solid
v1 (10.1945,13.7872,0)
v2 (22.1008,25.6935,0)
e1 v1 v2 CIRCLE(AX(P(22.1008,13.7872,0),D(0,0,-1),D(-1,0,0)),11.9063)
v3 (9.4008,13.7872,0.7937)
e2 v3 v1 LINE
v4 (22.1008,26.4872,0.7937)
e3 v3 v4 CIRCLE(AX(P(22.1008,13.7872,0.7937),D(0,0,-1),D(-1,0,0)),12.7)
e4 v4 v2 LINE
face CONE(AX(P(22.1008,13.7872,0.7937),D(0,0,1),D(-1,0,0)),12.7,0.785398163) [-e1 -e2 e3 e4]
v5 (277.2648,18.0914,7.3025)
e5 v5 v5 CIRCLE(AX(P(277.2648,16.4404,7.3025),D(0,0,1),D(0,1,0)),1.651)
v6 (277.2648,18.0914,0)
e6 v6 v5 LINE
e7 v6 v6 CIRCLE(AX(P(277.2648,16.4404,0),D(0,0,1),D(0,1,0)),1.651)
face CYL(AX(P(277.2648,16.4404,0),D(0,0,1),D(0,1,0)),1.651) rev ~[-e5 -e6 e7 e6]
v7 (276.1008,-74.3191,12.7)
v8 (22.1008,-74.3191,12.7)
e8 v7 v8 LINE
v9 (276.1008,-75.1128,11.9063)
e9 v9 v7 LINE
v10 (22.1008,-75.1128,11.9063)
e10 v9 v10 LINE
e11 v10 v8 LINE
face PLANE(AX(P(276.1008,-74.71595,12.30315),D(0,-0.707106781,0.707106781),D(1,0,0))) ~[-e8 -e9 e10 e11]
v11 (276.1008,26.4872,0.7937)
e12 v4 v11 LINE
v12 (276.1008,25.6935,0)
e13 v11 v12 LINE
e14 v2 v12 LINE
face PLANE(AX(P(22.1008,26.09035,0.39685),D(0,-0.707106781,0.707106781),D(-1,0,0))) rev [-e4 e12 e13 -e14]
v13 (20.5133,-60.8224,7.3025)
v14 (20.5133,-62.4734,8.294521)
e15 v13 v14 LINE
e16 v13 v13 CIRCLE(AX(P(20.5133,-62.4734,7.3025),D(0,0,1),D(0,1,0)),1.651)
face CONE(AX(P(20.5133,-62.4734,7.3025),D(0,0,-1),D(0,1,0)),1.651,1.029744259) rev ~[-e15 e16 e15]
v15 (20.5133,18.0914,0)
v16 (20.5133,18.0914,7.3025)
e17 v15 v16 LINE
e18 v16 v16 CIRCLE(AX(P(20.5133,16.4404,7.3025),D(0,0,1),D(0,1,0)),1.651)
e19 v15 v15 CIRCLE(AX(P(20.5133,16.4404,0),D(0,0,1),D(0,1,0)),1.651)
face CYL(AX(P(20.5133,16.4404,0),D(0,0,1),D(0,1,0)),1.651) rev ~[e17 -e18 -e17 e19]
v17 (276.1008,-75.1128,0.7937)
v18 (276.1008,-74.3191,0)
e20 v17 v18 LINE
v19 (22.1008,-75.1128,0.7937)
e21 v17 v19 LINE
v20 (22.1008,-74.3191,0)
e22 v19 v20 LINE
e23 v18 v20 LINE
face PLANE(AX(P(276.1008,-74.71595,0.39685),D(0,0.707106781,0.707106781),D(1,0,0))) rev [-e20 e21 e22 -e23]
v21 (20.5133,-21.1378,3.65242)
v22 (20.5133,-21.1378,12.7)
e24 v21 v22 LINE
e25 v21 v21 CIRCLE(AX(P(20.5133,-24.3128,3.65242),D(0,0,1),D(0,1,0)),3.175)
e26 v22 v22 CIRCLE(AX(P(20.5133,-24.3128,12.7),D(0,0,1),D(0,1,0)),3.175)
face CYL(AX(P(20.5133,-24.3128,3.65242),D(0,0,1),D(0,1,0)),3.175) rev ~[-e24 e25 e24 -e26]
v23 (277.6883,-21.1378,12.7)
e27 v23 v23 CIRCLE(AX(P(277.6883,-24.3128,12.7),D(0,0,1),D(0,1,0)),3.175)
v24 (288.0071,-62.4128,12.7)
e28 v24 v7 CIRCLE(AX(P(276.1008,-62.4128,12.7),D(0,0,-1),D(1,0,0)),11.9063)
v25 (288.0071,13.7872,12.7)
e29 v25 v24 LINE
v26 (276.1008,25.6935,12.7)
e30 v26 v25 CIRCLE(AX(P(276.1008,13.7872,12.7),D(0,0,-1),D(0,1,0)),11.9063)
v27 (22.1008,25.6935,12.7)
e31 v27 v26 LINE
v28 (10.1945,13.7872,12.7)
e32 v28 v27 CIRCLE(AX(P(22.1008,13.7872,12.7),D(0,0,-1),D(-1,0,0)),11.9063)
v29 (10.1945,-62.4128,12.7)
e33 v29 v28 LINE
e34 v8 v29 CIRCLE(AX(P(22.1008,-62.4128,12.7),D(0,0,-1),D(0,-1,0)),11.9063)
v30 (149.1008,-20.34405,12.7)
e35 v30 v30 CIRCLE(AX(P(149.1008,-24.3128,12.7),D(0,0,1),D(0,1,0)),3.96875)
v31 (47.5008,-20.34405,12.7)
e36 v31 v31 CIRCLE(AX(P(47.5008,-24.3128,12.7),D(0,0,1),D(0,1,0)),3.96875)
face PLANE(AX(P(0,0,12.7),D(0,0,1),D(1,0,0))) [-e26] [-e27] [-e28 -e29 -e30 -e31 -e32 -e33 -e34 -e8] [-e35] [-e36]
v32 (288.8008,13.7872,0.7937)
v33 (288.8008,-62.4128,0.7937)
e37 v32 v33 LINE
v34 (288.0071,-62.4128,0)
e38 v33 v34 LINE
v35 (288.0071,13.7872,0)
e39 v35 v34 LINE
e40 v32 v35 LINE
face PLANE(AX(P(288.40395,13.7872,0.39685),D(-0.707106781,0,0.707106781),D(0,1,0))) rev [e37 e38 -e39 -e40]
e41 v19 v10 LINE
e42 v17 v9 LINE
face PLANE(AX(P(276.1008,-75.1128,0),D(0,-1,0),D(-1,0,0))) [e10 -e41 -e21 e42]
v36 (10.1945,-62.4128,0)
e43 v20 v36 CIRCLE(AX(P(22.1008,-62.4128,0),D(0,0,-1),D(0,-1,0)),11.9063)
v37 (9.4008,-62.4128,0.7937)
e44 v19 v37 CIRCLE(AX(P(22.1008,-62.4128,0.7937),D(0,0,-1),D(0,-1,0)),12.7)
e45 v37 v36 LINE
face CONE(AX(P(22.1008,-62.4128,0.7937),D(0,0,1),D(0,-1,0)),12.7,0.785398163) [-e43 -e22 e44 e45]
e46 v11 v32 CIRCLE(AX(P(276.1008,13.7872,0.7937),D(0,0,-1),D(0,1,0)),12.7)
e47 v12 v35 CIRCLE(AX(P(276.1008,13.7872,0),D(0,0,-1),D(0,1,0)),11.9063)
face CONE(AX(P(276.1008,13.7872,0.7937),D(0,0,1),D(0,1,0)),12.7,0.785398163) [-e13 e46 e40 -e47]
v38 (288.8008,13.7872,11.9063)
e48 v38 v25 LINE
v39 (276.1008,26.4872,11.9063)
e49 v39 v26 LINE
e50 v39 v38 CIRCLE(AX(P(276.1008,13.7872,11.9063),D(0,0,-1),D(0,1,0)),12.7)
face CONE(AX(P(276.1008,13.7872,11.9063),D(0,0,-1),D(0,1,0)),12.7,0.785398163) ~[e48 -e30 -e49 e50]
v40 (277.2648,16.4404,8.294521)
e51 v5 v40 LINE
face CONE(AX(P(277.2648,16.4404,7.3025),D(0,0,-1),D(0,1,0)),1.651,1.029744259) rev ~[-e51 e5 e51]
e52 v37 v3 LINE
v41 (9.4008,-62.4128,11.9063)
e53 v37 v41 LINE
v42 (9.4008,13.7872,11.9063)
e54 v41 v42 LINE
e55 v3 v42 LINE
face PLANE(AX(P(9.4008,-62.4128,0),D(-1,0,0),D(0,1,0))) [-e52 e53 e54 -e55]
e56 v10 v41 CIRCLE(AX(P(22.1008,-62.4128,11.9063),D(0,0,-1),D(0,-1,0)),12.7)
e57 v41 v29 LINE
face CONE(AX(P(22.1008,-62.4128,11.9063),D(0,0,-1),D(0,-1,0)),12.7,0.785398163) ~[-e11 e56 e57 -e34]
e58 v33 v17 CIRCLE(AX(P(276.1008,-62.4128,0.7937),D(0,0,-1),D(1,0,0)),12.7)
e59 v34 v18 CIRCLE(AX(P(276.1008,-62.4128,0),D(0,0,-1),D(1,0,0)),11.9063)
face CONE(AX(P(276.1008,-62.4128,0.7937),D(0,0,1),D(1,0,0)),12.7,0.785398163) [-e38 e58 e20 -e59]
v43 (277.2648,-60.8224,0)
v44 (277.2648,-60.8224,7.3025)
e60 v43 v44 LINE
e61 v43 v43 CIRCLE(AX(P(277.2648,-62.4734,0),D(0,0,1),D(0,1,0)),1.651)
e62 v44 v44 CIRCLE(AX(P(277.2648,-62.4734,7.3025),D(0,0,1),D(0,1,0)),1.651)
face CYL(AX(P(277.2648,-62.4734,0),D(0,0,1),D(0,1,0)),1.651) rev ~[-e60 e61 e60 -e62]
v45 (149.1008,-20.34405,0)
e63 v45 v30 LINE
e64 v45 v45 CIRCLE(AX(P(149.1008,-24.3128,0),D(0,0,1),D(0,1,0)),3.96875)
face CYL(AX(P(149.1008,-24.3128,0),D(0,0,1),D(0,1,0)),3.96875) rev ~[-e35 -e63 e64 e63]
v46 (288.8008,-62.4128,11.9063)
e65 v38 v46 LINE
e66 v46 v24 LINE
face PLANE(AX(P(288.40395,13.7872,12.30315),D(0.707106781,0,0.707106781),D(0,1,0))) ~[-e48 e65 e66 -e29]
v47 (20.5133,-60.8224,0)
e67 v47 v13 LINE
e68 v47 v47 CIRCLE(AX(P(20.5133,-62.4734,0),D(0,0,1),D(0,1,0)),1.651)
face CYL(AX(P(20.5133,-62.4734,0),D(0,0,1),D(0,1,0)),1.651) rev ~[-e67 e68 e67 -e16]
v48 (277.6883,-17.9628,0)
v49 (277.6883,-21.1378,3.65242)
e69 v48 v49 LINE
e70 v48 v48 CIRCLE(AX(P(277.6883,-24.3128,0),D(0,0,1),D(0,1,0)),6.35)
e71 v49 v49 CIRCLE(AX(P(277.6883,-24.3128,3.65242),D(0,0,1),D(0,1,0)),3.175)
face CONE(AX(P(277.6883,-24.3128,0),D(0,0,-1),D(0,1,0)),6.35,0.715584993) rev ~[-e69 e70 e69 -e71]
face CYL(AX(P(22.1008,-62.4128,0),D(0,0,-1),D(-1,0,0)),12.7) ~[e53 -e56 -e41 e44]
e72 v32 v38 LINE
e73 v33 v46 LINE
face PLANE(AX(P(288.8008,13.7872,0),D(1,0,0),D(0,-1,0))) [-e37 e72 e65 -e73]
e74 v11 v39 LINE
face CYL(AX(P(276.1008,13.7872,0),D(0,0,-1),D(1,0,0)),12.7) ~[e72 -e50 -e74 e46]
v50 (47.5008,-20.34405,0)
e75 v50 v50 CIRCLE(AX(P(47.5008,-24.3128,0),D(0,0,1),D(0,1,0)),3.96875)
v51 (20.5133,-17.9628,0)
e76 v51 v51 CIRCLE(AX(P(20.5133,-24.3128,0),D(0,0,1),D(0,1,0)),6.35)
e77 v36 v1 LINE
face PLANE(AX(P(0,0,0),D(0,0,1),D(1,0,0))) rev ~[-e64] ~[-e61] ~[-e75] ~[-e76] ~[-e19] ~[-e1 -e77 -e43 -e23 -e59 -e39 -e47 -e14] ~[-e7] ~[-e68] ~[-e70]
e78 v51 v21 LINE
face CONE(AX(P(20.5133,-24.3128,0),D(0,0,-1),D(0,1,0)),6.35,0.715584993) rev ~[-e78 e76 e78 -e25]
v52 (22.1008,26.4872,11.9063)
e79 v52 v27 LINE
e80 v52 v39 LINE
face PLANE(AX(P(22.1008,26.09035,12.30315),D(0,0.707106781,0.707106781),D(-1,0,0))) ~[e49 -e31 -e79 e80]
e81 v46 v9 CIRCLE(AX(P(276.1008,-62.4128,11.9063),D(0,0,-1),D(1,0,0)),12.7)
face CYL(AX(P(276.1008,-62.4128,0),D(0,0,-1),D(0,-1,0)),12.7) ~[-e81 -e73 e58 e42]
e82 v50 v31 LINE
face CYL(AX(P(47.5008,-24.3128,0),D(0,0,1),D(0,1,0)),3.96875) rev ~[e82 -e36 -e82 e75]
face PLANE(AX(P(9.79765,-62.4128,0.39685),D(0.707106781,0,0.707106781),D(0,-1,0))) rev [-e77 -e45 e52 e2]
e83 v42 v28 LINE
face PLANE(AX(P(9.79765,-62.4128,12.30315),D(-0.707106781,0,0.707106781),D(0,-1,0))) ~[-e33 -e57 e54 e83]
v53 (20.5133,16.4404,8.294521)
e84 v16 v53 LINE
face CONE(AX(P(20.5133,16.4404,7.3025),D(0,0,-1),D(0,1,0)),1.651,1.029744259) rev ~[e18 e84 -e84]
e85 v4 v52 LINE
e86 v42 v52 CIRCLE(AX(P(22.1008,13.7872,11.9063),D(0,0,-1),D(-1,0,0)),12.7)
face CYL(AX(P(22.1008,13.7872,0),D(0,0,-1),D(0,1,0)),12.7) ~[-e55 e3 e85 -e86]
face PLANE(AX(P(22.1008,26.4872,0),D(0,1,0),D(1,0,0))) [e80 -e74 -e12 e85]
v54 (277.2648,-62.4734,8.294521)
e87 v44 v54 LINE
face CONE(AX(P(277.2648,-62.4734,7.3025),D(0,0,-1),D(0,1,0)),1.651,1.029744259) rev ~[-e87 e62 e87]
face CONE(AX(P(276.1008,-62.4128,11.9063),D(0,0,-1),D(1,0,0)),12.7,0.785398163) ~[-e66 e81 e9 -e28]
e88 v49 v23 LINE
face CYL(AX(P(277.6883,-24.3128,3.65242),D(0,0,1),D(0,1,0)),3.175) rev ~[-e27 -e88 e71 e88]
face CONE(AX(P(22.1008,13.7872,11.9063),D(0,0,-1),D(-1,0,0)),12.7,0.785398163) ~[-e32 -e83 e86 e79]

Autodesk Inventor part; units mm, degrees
ref_plane "YZ Plane" through (0, 0, 0) normal (1, 0, 0) x (0, 1, 0)
ref_plane "XZ Plane" through (0, 0, 0) normal (0, 1, 0) x (-1, 0, 0)
ref_plane "XY Plane" through (0, 0, 0) normal (0, 0, 1) x (1, 0, 0)
sketch "Sketch1" plane through (0, 0, 0) normal (0, 0, 1) x (1, 0, 0)
  line L0 (22.1008, 26.4872) -> (276.1008, 26.4872)
  line L1 (288.8008, 13.7872) -> (288.8008, -62.4128)
  line L2 (276.1008, -75.1128) -> (22.1008, -75.1128)
  line L3 (9.4008, -62.4128) -> (9.4008, 13.7872)
  arc A0 (12.5758, 26.4872) -> (9.4008, 23.3122) centre (12.5758, 23.3122) ccw
  arc A1 (22.1008, 26.4872) -> (9.4008, 13.7872) centre (22.1008, 13.7872) ccw
  arc A2 (9.4008, -62.4128) -> (22.1008, -75.1128) centre (22.1008, -62.4128) ccw
  arc A3 (276.1008, -75.1128) -> (288.8008, -62.4128) centre (276.1008, -62.4128) ccw
  arc A4 (288.8008, 13.7872) -> (276.1008, 26.4872) centre (276.1008, 13.7872) ccw
  point P0 (0, 0)
  point P1 (288.8008, -75.1128)
  point P2 (288.8008, 26.4872)
  point P3 (9.4008, -75.1128)
  point P4 (20.5133, -24.3128)
  point P5 (47.5008, -24.3128)
  point P6 (149.1008, -24.3128)
  point P7 (277.6883, -24.3128)
  dimension "d0" = 279.4
  dimension "d1" = 101.6
  dimension "d3" = 12.7
  dimension "d41" = 11.1125
  dimension "d42" = 11.1125
extrude "Extrusion1" add sketch "Sketch1" along normal blind 12.7
chamfer "Chamfer1" distance 0.7937 angle 45 16 edges at (149.1008, 26.4872, 12.7) (13.1205, 22.7675, 12.7) (9.4008, -24.3128, 12.7) (13.1205, -71.3931, 12.7) (149.1008, -75.1128, 12.7) (285.081, -71.3931, 12.7) (288.8008, -24.3128, 12.7) (285.081, 22.7675, 12.7) (149.1008, 26.4872, 0) (13.1205, 22.7675, 0) (9.4008, -24.3128, 0) (13.1205, -71.3931, 0) (149.1008, -75.1128, 0) (285.081, -71.3931, 0) (288.8008, -24.3128, 0) (285.081, 22.7675, 0)
hole "Hole5" at (20.5133, -24.3128, 0) direction (0, 0, 1) diameter 6.35 end through all countersink diameter 12.7 countersink angle 82
hole "Hole6" at (277.6883, -24.3128, 0) direction (0, 0, 1) diameter 6.35 end through all countersink diameter 12.7 countersink angle 82
hole "Hole7" at (47.5008, -24.3128, 0) at (149.1008, -24.3128, 0) direction (0, 0, 1) diameter 7.9375 end through all
sketch "Sketch2" plane through (0, 0, 0) normal (0, 0, -1) x (-1, 0, 0)
  point P0 (0, 0)
  point P1 (-20.5133, 16.4404)
  point P2 (-20.5133, -62.4734)
  point P3 (-277.2648, -62.4734)
  point P4 (-277.2648, 16.4404)
hole "Hole8" at (20.5133, 16.4404, 0) at (20.5133, -62.4734, 0) at (277.2648, -62.4734, 0) at (277.2648, 16.4404, 0) direction (0, 0, 1) diameter 3.302 depth 7.3025 tip angle 118 thread size "8-32 UNC" class "2B" standard "ANSI Unified Screw Threads"
properties part number "BasePlateTL"
